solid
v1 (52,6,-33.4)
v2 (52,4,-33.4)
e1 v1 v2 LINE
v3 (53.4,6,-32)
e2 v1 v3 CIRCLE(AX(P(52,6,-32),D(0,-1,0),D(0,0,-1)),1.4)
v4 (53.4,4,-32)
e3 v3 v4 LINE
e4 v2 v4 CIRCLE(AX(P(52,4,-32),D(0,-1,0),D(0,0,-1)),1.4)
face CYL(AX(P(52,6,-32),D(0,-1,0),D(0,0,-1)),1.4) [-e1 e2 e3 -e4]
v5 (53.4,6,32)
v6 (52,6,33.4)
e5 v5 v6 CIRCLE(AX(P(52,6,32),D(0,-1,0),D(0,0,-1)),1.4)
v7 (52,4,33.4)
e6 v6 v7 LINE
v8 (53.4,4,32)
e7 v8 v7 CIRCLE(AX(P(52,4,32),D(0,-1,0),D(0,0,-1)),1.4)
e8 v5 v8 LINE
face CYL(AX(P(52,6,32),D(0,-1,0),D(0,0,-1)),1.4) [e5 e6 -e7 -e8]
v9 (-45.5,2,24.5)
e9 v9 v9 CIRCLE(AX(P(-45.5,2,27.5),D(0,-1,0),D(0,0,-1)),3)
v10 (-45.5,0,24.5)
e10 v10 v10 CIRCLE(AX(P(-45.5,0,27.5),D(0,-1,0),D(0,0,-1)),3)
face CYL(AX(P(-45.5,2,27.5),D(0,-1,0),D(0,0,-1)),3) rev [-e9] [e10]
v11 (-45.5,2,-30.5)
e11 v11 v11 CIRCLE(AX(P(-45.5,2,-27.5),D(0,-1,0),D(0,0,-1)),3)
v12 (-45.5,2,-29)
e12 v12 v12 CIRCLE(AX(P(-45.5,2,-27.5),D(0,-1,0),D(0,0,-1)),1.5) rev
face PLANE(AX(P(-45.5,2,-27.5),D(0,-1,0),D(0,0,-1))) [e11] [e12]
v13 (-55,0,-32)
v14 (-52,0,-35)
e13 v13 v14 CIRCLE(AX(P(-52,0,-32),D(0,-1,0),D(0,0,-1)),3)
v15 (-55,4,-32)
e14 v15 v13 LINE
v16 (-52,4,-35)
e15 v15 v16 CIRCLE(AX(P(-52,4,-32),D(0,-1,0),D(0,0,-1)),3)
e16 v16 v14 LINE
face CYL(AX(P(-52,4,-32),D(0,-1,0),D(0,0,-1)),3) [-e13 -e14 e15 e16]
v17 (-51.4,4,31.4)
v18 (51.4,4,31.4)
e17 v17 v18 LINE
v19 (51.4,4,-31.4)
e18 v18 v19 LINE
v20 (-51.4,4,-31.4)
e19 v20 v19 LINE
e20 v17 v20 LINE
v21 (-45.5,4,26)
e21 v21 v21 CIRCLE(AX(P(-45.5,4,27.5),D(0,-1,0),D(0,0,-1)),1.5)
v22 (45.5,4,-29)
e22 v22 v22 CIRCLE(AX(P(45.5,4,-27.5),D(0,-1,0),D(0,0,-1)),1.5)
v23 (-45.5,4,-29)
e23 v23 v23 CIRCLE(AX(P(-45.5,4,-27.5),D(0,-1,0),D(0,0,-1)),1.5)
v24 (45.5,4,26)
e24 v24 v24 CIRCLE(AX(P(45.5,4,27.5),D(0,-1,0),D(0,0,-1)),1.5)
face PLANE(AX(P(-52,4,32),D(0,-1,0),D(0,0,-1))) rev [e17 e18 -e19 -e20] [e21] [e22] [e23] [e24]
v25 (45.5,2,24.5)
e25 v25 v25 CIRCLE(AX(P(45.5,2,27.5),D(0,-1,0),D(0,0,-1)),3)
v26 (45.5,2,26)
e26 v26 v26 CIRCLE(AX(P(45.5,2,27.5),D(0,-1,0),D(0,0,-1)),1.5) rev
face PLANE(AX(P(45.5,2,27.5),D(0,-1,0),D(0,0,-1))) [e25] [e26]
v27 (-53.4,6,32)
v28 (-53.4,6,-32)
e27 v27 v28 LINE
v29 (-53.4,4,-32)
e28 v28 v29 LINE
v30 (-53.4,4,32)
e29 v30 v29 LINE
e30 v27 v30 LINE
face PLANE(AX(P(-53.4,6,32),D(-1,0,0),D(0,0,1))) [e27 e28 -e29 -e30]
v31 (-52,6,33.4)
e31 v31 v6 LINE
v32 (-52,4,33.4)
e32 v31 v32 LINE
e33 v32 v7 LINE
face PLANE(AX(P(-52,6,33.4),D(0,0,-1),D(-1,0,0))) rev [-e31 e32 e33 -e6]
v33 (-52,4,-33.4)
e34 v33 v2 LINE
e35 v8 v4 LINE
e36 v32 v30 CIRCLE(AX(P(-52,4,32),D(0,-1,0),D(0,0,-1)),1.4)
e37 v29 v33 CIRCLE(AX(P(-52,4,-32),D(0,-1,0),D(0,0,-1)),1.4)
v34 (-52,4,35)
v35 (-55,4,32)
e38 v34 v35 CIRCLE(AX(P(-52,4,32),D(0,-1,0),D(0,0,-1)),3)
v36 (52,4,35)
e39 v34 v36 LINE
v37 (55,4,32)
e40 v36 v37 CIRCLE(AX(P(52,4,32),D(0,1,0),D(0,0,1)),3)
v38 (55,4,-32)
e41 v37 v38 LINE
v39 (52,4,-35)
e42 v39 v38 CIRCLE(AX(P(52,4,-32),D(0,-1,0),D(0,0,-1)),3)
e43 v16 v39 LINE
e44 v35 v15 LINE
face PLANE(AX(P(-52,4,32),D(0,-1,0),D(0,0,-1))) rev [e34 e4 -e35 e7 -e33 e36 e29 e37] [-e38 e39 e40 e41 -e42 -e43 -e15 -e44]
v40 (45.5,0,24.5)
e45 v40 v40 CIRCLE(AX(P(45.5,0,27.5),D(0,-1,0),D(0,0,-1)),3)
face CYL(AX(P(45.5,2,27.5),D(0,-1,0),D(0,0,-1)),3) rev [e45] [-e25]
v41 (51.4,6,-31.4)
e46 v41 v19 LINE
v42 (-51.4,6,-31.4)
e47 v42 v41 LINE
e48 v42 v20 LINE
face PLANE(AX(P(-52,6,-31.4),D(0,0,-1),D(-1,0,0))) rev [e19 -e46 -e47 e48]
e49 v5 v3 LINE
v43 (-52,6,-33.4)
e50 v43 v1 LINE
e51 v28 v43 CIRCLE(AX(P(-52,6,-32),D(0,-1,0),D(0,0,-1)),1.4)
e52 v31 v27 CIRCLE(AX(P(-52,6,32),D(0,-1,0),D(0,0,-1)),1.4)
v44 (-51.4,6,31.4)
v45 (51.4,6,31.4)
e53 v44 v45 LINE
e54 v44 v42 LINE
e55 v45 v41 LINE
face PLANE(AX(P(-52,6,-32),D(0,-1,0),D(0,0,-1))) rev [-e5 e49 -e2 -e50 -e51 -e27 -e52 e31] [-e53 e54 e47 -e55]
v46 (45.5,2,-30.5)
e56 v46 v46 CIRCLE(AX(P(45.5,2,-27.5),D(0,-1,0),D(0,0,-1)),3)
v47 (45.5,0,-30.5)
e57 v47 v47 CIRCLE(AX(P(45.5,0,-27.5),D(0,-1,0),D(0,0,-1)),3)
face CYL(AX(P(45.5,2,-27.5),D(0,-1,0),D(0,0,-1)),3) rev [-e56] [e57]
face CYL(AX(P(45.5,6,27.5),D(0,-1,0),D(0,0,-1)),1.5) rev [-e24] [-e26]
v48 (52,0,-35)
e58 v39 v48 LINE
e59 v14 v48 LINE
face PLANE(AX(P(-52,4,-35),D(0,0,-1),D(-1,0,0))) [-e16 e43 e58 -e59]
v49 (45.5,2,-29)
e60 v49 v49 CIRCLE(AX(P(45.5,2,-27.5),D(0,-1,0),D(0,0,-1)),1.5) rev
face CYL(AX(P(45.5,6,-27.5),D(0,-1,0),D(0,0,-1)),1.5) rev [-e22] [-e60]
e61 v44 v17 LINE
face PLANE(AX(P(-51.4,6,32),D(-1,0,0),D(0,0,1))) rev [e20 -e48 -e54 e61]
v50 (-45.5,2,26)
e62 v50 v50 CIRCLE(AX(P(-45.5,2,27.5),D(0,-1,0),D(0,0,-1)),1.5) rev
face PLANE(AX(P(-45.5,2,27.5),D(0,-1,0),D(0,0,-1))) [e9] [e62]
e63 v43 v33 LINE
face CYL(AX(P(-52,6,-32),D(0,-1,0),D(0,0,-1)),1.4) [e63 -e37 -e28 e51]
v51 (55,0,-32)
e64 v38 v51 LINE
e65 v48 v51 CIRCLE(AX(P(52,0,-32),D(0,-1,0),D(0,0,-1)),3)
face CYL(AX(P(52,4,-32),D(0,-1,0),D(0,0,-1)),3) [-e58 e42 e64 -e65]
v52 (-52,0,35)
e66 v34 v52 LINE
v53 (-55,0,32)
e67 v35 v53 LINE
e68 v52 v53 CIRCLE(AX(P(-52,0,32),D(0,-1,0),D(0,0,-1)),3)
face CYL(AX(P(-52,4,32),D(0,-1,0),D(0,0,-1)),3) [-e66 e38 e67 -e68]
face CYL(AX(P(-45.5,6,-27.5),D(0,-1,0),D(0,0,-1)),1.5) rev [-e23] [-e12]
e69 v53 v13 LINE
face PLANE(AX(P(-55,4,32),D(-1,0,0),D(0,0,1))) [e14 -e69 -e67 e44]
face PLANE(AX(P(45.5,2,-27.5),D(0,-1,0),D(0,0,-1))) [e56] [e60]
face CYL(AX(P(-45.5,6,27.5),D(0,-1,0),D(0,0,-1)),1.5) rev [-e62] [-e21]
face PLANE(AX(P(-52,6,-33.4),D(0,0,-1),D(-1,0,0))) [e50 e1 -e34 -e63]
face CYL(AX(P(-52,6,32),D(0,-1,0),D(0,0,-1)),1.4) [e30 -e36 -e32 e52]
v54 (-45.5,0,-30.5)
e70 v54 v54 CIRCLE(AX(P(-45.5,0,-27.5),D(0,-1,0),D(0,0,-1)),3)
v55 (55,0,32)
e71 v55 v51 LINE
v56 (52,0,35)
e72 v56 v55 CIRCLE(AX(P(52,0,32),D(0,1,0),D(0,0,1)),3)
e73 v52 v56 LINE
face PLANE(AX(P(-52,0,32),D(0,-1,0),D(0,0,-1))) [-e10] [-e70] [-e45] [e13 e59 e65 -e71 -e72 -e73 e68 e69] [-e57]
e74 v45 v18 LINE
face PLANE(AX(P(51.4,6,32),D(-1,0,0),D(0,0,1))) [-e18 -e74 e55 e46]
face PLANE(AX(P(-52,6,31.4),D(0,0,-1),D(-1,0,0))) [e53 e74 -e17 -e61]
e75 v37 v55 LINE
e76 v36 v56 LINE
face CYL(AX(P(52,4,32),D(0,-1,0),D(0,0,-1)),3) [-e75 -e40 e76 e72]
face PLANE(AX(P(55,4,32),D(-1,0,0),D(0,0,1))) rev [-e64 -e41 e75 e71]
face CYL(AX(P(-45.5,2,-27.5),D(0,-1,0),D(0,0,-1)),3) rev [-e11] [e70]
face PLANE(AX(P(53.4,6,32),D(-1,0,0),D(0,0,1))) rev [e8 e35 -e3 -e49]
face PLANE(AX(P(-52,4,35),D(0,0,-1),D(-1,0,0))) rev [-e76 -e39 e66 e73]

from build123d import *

# Parameters (mm, degrees)
BOSS_EXTRUDE1_DEPTH = 4
BOSS_EXTRUDE2_START = 4
SKETCH1_3_W         = 102.8
SKETCH1_3_H         = 62.8
BOSS_EXTRUDE2_DEPTH = 2
SKETCH2_R           = 1.5
CUT_EXTRUDE1_DEPTH  = 66.467549213
SKETCH2_3_R         = 3
CUT_EXTRUDE2_DEPTH  = 2


with BuildPart() as part:
    # Sketch1 → Boss-Extrude1 (new body)
    with BuildSketch(Plane(origin=(0, 0, 0), x_dir=(1, 0, 0), z_dir=(0, 1, 0))):
        with BuildLine():
            Line((-52, -35), (52, -35))
            ThreePointArc((52, -35), (54.121320344, -34.121320344), (55, -32))
            Line((55, -32), (55, 32))
            ThreePointArc((55, 32), (54.121320344, 34.121320344), (52, 35))
            Line((52, 35), (-52, 35))
            ThreePointArc((-52, 35), (-54.121320344, 34.121320344), (-55, 32))
            Line((-55, 32), (-55, -32))
            ThreePointArc((-55, -32), (-54.121320344, -34.121320344), (-52, -35))
        make_face()
    extrude(amount=BOSS_EXTRUDE1_DEPTH)

    # Sketch1<3> → Boss-Extrude2 (add)
    with BuildSketch(Plane(origin=(0, 0, 0), x_dir=(1, 0, 0), z_dir=(0, 1, 0)).offset(BOSS_EXTRUDE2_START)):
        with BuildLine():
            Line((-53.4, -32), (-53.4, 32))
            ThreePointArc((-53.4, 32), (-52.989949494, 32.989949494), (-52, 33.4))
            Line((-52, 33.4), (52, 33.4))
            ThreePointArc((52, 33.4), (52.989949494, 32.989949494), (53.4, 32))
            Line((53.4, 32), (53.4, -32))
            ThreePointArc((53.4, -32), (52.989949494, -32.989949494), (52, -33.4))
            Line((52, -33.4), (-52, -33.4))
            ThreePointArc((-52, -33.4), (-52.989949494, -32.989949494), (-53.4, -32))
        make_face()
        Rectangle(SKETCH1_3_W, SKETCH1_3_H, mode=Mode.SUBTRACT)
    extrude(amount=BOSS_EXTRUDE2_DEPTH)

    # Sketch2 → Cut-Extrude1 (cut, through all)
    with BuildSketch(Plane.XZ):
        with Locations(Location((-45.5, 27.5, 0), (0, 0, 270))):
            Circle(SKETCH2_R)
        with Locations(Location((45.5, 27.5, 0), (0, 0, 270))):
            Circle(SKETCH2_R)
        with Locations(Location((45.5, -27.5, 0), (0, 0, 270))):
            Circle(SKETCH2_R)
        with Locations(Location((-45.5, -27.5, 0), (0, 0, 270))):
            Circle(SKETCH2_R)
    extrude(amount=-CUT_EXTRUDE1_DEPTH, mode=Mode.SUBTRACT)

    # Sketch2<3> → Cut-Extrude2 (cut)
    with BuildSketch(Plane.XZ):
        with Locations(Location((-45.5, 27.5, 0), (0, 0, 270))):
            Circle(SKETCH2_3_R)
        with Locations(Location((45.5, 27.5, 0), (0, 0, 270))):
            Circle(SKETCH2_3_R)
        with Locations(Location((45.5, -27.5, 0), (0, 0, 270))):
            Circle(SKETCH2_3_R)
        with Locations(Location((-45.5, -27.5, 0), (0, 0, 270))):
            Circle(SKETCH2_3_R)
    extrude(amount=-CUT_EXTRUDE2_DEPTH, mode=Mode.SUBTRACT)


solid = part.part
